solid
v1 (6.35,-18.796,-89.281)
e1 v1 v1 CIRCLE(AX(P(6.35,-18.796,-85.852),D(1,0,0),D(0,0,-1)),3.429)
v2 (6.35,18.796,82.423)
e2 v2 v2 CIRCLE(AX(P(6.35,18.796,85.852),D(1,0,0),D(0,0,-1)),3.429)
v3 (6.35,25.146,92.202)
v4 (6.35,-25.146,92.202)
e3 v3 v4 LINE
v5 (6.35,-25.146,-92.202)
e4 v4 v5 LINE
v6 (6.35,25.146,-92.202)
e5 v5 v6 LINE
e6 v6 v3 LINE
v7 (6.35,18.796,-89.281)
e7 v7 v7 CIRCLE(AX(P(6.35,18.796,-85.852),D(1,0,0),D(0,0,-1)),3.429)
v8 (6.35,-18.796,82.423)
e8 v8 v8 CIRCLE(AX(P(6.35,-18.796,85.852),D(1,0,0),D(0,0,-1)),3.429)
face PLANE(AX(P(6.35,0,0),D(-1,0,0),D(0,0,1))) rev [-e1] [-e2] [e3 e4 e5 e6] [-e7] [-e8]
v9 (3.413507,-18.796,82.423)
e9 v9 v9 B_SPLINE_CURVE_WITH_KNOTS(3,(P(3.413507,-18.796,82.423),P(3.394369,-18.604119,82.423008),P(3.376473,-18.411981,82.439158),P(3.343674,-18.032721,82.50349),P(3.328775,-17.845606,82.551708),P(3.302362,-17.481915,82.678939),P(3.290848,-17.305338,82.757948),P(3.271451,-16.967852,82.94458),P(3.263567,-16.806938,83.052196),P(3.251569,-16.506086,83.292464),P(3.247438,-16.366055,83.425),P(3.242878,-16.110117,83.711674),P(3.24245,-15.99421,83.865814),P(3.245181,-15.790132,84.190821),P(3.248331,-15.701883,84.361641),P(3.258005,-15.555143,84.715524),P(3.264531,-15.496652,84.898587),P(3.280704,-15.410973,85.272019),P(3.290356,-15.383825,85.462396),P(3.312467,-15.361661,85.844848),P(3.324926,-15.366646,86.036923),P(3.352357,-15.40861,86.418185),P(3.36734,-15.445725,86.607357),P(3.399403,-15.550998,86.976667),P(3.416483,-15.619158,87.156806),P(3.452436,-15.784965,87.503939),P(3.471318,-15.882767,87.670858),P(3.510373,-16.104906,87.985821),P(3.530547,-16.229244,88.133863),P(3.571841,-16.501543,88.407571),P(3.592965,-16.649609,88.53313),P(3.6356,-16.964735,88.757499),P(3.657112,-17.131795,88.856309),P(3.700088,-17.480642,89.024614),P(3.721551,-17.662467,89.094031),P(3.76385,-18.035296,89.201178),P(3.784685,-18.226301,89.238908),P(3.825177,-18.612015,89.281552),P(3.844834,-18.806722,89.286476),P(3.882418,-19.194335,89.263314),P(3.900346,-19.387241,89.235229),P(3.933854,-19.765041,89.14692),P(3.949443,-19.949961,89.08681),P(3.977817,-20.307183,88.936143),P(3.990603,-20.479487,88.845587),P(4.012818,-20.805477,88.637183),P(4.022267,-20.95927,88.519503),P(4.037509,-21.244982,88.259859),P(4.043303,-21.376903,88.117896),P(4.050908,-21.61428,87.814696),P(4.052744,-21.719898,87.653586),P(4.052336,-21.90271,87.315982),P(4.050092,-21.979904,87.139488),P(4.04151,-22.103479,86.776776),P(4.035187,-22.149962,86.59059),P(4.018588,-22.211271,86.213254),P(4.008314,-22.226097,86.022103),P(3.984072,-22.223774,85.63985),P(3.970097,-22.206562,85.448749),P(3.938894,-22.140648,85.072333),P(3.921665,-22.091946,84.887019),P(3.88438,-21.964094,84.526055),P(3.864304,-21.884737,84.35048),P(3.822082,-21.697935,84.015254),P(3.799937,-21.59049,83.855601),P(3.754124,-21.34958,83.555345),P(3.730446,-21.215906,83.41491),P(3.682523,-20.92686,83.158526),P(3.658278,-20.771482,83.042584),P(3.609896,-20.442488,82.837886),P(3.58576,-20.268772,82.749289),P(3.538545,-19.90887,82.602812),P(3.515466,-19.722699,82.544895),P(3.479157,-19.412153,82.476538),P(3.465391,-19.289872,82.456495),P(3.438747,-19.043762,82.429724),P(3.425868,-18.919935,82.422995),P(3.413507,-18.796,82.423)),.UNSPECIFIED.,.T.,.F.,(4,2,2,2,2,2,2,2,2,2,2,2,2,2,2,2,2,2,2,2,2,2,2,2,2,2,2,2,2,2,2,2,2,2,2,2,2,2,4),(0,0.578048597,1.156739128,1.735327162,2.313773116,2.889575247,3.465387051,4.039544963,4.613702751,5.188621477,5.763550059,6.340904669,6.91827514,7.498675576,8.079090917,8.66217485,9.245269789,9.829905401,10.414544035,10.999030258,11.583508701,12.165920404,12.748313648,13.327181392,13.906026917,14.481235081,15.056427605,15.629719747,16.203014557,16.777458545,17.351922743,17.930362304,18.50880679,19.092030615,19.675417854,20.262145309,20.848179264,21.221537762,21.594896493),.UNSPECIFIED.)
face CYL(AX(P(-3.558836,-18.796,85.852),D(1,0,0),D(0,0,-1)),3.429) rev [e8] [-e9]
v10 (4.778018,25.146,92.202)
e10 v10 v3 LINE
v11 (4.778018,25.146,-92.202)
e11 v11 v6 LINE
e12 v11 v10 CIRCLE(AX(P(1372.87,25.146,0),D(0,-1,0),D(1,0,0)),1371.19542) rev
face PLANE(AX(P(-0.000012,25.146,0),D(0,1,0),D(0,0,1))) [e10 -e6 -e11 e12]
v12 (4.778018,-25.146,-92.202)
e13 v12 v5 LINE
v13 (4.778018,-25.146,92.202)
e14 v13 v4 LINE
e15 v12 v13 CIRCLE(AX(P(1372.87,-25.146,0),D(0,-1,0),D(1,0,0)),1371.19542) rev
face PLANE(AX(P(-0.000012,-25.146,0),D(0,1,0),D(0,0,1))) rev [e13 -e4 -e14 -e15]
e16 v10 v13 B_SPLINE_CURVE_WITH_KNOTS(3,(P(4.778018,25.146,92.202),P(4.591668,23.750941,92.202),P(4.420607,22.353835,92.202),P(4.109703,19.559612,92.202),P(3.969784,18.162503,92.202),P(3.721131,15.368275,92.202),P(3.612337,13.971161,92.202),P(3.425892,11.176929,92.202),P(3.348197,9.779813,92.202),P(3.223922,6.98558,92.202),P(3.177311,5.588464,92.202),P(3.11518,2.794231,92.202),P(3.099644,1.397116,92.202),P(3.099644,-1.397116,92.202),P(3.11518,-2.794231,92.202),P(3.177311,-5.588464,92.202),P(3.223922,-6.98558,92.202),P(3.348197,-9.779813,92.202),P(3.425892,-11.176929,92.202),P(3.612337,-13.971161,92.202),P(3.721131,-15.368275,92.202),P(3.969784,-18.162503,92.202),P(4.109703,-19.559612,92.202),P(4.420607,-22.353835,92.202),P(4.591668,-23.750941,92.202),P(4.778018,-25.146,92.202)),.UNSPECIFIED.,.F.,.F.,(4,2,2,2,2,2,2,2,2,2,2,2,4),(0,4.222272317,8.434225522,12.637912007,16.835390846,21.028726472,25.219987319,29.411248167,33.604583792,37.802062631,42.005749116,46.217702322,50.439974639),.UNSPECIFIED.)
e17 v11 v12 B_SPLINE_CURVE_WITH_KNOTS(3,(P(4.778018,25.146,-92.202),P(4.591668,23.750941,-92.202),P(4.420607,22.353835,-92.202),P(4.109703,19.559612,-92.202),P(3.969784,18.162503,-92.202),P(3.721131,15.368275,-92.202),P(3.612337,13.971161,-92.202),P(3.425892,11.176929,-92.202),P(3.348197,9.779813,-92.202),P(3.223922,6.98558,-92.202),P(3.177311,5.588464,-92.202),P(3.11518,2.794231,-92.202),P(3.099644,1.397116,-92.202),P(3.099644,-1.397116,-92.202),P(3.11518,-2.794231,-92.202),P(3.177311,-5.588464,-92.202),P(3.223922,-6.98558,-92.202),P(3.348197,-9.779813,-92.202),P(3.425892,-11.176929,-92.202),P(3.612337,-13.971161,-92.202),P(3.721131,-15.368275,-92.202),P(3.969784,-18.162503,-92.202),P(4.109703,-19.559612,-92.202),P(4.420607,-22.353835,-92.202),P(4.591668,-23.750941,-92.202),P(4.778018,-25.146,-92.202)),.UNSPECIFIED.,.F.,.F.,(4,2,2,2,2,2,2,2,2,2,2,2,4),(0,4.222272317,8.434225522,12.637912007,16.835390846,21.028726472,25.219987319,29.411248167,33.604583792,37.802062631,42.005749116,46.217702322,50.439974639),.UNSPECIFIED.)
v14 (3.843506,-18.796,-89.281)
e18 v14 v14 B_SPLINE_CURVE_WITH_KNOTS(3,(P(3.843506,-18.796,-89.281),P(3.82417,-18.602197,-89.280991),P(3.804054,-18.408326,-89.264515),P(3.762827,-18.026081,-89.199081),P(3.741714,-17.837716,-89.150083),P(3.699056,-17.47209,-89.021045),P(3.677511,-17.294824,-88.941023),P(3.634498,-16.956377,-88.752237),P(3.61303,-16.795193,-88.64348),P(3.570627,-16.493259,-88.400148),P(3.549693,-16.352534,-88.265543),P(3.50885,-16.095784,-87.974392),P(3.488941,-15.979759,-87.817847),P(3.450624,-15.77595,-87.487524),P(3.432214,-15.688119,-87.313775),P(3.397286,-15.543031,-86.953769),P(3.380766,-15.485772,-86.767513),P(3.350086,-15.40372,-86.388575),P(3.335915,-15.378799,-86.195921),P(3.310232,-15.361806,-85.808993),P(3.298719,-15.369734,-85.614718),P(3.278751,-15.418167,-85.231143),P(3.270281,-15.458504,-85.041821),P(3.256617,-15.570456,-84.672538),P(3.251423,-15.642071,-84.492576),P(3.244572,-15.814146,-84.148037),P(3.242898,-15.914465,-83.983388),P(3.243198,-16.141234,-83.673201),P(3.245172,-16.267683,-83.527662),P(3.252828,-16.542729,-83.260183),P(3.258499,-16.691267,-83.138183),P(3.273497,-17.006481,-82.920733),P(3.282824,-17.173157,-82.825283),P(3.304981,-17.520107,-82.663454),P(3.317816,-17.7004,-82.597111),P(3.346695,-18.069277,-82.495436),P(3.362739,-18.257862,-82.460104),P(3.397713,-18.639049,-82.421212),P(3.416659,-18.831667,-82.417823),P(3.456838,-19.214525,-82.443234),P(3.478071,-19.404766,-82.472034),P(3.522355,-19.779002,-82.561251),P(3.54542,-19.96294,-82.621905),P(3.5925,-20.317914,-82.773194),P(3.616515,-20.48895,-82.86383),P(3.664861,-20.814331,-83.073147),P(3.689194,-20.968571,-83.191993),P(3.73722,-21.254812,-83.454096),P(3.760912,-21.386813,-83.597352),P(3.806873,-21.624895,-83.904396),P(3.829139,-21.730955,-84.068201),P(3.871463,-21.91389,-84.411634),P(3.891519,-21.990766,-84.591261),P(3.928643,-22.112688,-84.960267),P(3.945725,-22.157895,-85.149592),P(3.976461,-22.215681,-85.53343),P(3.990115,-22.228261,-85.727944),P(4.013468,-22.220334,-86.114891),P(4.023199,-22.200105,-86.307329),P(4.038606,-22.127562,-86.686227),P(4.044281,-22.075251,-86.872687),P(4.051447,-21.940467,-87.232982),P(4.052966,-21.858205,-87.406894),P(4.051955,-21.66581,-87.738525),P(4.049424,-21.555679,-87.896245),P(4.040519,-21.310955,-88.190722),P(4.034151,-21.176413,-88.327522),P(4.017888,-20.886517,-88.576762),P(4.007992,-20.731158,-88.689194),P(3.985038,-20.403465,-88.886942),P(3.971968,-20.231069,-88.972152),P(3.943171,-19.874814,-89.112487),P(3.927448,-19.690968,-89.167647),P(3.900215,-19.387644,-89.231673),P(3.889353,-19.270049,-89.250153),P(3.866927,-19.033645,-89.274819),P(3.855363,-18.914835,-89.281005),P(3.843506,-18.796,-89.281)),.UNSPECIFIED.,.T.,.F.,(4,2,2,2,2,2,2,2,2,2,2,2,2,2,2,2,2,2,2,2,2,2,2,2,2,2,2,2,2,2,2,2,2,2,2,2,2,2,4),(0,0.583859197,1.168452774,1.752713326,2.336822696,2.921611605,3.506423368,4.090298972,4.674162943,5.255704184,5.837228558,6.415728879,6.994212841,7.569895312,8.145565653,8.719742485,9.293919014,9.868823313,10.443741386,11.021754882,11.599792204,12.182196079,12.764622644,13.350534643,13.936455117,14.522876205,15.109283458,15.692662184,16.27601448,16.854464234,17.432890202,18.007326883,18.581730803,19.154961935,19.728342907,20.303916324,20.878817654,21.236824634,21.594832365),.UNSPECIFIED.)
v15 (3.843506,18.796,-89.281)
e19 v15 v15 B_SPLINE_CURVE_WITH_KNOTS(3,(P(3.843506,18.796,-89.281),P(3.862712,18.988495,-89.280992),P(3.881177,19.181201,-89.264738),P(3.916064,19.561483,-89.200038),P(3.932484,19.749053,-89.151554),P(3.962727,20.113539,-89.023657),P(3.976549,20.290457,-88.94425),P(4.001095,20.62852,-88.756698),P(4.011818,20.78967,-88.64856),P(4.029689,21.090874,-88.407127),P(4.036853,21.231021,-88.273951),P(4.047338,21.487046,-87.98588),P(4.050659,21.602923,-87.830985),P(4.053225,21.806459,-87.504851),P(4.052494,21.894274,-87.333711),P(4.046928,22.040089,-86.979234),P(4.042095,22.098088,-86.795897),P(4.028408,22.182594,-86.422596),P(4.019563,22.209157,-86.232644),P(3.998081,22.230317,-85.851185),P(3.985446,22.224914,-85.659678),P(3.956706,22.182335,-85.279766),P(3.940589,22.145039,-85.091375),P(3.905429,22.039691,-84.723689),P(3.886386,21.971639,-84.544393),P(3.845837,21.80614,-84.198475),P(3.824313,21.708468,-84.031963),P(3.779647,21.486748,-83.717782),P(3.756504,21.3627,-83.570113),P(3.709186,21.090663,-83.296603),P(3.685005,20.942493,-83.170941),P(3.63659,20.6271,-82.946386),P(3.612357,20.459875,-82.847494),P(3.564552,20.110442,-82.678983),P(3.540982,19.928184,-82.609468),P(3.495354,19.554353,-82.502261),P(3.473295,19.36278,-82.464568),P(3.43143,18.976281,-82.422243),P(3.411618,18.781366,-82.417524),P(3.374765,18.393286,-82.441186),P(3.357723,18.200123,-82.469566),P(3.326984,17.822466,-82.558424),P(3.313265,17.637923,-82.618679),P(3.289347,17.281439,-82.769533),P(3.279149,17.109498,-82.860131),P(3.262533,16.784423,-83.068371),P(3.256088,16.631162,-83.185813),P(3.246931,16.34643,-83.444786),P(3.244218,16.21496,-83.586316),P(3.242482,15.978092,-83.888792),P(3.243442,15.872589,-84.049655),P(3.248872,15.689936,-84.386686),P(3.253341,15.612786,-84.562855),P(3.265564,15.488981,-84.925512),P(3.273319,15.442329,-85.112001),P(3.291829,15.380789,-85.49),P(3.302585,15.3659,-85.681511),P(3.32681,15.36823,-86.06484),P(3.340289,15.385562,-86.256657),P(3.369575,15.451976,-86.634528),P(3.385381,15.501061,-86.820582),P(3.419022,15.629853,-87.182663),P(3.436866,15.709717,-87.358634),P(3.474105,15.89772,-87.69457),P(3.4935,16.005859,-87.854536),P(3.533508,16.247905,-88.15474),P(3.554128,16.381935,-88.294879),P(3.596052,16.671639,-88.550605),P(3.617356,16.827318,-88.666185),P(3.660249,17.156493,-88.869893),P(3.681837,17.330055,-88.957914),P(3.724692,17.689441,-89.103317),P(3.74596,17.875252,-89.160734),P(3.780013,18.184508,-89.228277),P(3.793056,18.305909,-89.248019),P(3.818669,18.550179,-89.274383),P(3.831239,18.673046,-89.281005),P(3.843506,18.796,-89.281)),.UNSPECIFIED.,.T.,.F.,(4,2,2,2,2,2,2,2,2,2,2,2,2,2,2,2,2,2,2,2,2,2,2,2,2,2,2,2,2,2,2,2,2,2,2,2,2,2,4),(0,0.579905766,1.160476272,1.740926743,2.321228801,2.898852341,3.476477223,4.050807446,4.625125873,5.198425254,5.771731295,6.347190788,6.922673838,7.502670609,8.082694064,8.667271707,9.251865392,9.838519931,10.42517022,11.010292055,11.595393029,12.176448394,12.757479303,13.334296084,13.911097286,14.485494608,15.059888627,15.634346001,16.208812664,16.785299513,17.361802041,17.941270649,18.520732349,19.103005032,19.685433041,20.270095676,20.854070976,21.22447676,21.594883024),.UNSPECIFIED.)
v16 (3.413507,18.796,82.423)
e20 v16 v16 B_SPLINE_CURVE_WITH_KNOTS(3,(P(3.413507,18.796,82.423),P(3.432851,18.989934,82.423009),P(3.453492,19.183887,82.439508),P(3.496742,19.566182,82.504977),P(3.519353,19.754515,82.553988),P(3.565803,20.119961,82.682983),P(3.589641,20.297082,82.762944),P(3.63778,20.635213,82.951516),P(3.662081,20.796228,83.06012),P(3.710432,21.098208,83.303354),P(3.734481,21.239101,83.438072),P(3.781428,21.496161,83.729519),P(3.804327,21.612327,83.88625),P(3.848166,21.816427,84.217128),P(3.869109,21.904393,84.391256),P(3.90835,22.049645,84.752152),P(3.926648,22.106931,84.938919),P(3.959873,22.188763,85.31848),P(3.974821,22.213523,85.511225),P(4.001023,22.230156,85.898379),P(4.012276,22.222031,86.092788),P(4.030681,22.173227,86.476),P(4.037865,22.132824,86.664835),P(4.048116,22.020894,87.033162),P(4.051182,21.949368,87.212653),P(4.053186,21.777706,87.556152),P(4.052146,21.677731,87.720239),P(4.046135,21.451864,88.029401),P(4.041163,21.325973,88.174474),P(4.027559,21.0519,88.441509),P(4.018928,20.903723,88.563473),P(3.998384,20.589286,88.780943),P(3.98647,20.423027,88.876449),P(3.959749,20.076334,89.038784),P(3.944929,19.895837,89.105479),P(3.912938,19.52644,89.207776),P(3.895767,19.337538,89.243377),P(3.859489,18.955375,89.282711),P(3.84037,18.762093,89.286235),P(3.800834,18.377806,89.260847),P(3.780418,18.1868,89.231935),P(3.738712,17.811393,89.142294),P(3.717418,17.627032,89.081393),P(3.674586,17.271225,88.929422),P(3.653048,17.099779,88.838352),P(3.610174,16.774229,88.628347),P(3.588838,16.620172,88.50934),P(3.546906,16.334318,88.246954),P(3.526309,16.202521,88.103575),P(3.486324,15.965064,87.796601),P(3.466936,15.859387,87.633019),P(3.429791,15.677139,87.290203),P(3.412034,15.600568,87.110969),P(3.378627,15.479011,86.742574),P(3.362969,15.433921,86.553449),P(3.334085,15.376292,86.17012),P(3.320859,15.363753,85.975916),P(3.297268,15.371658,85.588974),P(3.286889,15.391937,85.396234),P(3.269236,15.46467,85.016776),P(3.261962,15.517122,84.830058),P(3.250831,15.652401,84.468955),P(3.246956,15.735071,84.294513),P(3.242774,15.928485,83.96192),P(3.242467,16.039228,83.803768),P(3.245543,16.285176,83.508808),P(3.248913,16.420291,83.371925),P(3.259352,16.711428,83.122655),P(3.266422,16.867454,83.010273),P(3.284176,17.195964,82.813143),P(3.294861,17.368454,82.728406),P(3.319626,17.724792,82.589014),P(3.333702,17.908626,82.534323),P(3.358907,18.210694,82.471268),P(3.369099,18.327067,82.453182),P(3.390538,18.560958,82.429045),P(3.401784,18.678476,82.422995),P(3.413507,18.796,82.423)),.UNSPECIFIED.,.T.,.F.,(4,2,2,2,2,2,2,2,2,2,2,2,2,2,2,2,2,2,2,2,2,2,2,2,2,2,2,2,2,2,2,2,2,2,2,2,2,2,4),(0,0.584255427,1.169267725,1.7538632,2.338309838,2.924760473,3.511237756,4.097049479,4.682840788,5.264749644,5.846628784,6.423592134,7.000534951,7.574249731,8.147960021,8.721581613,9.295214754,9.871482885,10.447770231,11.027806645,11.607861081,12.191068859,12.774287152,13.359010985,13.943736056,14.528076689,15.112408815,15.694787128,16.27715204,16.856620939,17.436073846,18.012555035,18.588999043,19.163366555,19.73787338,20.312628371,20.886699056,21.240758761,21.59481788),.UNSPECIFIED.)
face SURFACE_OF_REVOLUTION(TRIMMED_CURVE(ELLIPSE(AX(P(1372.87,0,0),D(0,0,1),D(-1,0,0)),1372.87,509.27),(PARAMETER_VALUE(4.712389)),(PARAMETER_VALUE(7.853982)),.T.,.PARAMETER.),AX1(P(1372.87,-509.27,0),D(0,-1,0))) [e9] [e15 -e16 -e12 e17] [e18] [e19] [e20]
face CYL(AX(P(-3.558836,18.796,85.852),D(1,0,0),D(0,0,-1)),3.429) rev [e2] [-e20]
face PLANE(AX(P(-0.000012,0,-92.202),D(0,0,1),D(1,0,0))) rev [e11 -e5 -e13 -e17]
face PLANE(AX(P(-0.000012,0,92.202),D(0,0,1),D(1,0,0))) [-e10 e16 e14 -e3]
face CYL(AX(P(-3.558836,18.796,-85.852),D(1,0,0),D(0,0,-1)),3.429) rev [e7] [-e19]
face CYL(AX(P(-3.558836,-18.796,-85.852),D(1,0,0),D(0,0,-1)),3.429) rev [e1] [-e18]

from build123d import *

# Parameters (mm, degrees)
CUT_EXTRUDE2_DEPTH      = 3112.786644088
CUT_EXTRUDE2_DEPTH_BACK = 3112.786644088
SKETCH2_OUTSIDE_W       = 3550.624
SKETCH2_OUTSIDE_H       = 1823.424
SKETCH2_OUTSIDE_W_2     = 184.404
SKETCH2_OUTSIDE_H_2     = 50.292
CUT_EXTRUDE3_START      = 6.35
SKETCH3_W               = 184.404
SKETCH3_H               = 50.292
CUT_EXTRUDE3_DEPTH      = 2742.052714982
SKETCH4_R               = 3.429
CUT_EXTRUDE4_DEPTH      = 96.78023097


with BuildPart() as part:
    # Sketch1 → Revolve1 (revolve)
    with BuildSketch(Plane.XY):
        with BuildLine():
            Line((1372.87, -509.27), (1372.87, 509.27))
            add(Edge.make_bspline(
                [(1372.87, 509.27), (0, 509.27), (0, 0), (0, -509.27), (1372.87, -509.27)],
                knots=[4.71238898, 4.71238898, 4.71238898, 6.283185307, 6.283185307, 7.853981634, 7.853981634, 7.853981634], degree=2, weights=[1, 0.707106781, 1, 0.707106781, 1]))
        make_face()
    revolve(axis=Axis((1372.87, -509.27, 0), (0, 1, 0)))

    # Sketch2 outside → Cut-Extrude2 (cut, two sides: drawn at the far end of the back side and taken through both)
    with BuildSketch(Plane(origin=(0, 0, 0), x_dir=(0, 0, -1), z_dir=(1, 0, 0)).offset(-CUT_EXTRUDE2_DEPTH_BACK)):
        Rectangle(SKETCH2_OUTSIDE_W, SKETCH2_OUTSIDE_H)
        Rectangle(SKETCH2_OUTSIDE_W_2, SKETCH2_OUTSIDE_H_2, mode=Mode.SUBTRACT)
    extrude(amount=CUT_EXTRUDE2_DEPTH + CUT_EXTRUDE2_DEPTH_BACK, mode=Mode.SUBTRACT)

    # Sketch3 → Cut-Extrude3 (cut, through all)
    with BuildSketch(Plane(origin=(0, 0, 0), x_dir=(0, 0, -1), z_dir=(1, 0, 0)).offset(CUT_EXTRUDE3_START)):
        Rectangle(SKETCH3_W, SKETCH3_H)
    extrude(amount=CUT_EXTRUDE3_DEPTH, mode=Mode.SUBTRACT)

    # Sketch4 → Cut-Extrude4 (cut, through all)
    with BuildSketch(Plane(origin=(6.35, 0, 0), x_dir=(0, 0, -1), z_dir=(1, 0, 0))):
        with Locations((-85.852, 18.796)):
            Circle(SKETCH4_R)
        with Locations((-85.852, -18.796)):
            Circle(SKETCH4_R)
        with Locations((85.852, -18.796)):
            Circle(SKETCH4_R)
        with Locations((85.852, 18.796)):
            Circle(SKETCH4_R)
    extrude(amount=-CUT_EXTRUDE4_DEPTH, mode=Mode.SUBTRACT)


solid = part.part
